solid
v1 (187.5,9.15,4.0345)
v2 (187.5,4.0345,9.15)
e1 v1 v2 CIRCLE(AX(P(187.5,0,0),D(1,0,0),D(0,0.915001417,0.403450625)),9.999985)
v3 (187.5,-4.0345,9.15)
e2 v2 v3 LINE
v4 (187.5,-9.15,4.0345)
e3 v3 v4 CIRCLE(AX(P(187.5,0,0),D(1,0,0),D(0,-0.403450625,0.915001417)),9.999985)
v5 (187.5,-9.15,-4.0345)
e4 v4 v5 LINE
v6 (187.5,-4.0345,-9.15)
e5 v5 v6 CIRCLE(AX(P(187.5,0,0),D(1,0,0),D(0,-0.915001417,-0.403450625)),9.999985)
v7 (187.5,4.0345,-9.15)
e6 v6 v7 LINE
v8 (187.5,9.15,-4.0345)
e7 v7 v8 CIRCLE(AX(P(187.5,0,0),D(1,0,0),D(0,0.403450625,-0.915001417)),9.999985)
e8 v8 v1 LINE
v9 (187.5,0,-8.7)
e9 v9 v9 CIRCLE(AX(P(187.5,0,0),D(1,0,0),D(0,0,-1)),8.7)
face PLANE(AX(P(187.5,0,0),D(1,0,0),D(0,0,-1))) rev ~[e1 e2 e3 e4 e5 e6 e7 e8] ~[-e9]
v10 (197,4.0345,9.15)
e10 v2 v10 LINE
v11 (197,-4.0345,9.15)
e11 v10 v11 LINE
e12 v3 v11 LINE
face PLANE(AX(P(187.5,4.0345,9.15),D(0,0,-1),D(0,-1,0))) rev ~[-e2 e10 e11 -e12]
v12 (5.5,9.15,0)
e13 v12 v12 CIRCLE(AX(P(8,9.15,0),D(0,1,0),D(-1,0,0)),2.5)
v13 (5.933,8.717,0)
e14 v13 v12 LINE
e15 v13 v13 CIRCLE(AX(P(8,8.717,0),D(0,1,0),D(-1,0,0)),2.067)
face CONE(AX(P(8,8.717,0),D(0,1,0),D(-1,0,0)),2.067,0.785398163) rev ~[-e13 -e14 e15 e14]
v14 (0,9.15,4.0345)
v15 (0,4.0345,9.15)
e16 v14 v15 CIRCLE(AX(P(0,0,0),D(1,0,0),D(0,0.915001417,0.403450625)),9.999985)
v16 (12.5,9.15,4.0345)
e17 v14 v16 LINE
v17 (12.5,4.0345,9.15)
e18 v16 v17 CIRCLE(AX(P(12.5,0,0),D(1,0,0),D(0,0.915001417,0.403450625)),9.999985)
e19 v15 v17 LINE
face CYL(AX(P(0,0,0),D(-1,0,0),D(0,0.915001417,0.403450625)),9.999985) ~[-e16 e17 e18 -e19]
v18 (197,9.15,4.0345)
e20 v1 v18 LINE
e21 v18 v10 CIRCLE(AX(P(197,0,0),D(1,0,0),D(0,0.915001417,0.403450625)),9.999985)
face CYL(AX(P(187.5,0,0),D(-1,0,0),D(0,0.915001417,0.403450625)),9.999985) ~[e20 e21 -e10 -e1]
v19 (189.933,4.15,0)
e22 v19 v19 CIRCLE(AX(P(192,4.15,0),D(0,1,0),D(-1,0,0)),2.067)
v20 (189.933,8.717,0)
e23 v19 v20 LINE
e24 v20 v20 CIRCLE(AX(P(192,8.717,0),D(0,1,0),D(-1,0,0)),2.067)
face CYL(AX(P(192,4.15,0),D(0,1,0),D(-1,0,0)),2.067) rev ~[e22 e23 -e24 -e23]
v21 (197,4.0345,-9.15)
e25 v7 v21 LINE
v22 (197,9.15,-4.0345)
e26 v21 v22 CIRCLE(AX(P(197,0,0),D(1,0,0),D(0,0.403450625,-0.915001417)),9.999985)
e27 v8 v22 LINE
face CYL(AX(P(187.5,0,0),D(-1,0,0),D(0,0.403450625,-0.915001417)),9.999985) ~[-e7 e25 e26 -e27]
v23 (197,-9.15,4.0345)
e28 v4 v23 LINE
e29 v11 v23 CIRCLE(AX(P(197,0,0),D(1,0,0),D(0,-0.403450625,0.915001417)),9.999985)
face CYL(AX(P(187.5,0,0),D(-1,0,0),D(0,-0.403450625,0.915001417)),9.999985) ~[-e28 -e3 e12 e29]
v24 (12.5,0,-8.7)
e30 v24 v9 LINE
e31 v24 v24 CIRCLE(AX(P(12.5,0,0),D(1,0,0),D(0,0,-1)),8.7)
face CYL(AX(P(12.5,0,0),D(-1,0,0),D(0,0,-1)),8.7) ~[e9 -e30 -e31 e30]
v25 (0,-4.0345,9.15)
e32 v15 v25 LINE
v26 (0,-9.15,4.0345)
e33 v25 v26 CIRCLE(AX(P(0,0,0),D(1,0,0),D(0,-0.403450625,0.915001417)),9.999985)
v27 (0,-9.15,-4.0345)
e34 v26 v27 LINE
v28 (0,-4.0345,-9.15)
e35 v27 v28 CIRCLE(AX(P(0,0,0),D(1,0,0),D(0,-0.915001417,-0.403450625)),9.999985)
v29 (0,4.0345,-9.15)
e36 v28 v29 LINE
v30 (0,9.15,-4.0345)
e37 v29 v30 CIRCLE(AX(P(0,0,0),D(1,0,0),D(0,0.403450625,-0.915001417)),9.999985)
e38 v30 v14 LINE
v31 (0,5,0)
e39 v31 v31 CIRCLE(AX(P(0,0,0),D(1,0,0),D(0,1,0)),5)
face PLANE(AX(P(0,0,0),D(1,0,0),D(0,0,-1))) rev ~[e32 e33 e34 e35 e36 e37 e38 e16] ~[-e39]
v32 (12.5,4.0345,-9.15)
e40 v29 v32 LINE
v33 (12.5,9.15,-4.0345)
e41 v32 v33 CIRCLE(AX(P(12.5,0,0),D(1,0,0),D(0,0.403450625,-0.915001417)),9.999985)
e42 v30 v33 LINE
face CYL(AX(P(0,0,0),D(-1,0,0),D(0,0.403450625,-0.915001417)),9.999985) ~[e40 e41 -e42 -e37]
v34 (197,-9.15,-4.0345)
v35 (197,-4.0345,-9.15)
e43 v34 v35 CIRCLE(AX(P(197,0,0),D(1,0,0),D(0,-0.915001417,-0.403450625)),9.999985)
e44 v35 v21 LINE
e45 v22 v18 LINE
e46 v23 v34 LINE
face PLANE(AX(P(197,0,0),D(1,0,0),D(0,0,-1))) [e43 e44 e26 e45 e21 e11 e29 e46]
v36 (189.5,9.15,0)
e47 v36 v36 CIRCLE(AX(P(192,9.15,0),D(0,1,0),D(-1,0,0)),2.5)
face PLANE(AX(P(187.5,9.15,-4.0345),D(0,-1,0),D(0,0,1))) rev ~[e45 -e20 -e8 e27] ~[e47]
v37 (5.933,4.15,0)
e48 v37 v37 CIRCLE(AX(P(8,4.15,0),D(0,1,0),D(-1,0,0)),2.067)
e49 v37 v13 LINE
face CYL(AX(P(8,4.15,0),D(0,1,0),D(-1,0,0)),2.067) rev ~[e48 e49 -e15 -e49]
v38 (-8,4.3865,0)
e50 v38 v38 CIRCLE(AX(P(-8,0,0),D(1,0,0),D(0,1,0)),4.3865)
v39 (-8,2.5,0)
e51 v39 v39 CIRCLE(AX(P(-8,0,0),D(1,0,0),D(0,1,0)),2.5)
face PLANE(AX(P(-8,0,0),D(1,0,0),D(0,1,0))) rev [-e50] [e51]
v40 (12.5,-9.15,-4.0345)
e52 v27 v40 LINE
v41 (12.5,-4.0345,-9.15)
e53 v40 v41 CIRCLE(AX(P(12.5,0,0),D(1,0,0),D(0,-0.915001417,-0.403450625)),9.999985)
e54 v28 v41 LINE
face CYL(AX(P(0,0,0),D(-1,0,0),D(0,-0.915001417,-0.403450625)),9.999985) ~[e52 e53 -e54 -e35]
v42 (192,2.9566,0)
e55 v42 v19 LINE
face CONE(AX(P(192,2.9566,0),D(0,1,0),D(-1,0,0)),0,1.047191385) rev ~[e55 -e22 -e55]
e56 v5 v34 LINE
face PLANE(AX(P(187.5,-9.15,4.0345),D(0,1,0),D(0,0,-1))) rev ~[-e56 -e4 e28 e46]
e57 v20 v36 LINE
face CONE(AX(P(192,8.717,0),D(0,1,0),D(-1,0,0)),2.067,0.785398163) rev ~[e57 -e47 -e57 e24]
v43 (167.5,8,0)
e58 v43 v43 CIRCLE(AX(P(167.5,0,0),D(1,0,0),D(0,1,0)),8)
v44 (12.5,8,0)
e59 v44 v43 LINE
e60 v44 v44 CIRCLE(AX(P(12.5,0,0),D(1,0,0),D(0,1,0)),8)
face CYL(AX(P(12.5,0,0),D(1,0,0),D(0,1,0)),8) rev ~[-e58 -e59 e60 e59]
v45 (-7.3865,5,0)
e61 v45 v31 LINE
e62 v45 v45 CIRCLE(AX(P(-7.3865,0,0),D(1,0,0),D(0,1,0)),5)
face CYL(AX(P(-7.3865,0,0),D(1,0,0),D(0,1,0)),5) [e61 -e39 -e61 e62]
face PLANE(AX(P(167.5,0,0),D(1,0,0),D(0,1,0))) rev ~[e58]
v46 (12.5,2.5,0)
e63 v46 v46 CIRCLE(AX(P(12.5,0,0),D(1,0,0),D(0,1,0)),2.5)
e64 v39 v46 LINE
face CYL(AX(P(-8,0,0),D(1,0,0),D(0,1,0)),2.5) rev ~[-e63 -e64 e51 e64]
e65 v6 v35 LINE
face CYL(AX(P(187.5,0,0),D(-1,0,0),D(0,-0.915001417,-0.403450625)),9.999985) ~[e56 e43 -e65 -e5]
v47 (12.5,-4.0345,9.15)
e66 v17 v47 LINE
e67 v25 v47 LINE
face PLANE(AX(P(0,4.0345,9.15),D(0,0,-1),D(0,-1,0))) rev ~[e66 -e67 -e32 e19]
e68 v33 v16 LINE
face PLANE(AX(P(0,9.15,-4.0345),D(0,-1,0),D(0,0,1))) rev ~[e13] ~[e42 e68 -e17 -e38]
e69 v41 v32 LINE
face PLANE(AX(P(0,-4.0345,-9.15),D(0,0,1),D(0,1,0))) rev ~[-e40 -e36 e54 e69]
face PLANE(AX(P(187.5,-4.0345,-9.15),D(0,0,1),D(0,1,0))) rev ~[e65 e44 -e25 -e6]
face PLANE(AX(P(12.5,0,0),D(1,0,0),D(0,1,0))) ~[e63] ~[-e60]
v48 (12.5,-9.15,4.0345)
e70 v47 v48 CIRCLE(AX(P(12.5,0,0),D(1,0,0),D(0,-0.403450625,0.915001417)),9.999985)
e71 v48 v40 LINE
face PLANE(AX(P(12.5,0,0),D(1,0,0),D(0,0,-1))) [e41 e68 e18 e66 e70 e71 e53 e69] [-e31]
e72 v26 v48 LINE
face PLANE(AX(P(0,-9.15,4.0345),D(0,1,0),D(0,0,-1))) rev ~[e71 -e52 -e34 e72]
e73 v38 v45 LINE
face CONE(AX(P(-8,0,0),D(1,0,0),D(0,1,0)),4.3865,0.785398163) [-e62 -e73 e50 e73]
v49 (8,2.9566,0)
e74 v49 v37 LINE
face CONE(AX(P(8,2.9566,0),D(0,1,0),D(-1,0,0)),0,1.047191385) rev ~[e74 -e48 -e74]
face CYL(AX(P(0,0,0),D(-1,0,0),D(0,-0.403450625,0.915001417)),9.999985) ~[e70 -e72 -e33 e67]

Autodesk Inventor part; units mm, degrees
sketch "Sketch_8" plane through (0, 0, 0) normal (0, 0, 1) x (1, 0, 0)
  line L0 (0, 0) -> (-8, 0)
  line L1 (-8, 0) -> (-8, 4.3865)
  line L2 (-8, 4.3865) -> (-7.3865, 5)
  line L3 (-7.3865, 5) -> (0, 5)
  line L4 (0, 5) -> (0, 0)
  line L5 (0, 0) -> (-8, 0)
revolve "Revolution1" add sketch "Sketch_8" angle 360 about axis through (0, 0, 0) along (1, 0, 0)
thread "Thread1" size "M10x1" class "6g" standard "ISO Metric profile" length 5.8865
sketch "Sketch_9" plane through (0, 0, 0) normal (1, 0, 0) x (0, 0, -1)
  line L0 (-9.15, 4.0345) -> (-9.15, -4.0345)
  arc A0 (-9.15, -4.0345) -> (-4.0345, -9.15) centre (0, 0) ccw
  line L1 (-4.0345, -9.15) -> (4.0345, -9.15)
  arc A1 (4.0345, -9.15) -> (9.15, -4.0345) centre (0, 0) ccw
  line L2 (9.15, -4.0345) -> (9.15, 4.0345)
  arc A2 (9.15, 4.0345) -> (4.0345, 9.15) centre (0, 0) ccw
  line L3 (4.0345, 9.15) -> (-4.0345, 9.15)
  arc A3 (-4.0345, 9.15) -> (-9.15, 4.0345) centre (0, 0) ccw
extrude "Extrusion1" add sketch "Sketch_9" along normal blind 12.5
sketch "Sketch_11" plane through (12.5, 0, 0) normal (1, 0, 0) x (0, 0, -1)
  circle A0 centre (0, 0) radius 8.7
extrude "Extrusion2" add sketch "Sketch_11" along normal blind 175
sketch "Sketch_10" plane through (187.5, 0, 0) normal (1, 0, 0) x (0, 0, -1)
  line L0 (-9.15, 4.0345) -> (-9.15, -4.0345)
  arc A0 (-9.15, -4.0345) -> (-4.0345, -9.15) centre (0, 0) ccw
  line L1 (-4.0345, -9.15) -> (4.0345, -9.15)
  arc A1 (4.0345, -9.15) -> (9.15, -4.0345) centre (0, 0) ccw
  line L2 (9.15, -4.0345) -> (9.15, 4.0345)
  arc A2 (9.15, 4.0345) -> (4.0345, 9.15) centre (0, 0) ccw
  line L3 (4.0345, 9.15) -> (-4.0345, 9.15)
  arc A3 (-4.0345, 9.15) -> (-9.15, 4.0345) centre (0, 0) ccw
extrude "Extrusion3" add sketch "Sketch_10" along normal blind 9.5
sketch "Sketch7" plane through (0, 0, 0) normal (0, 0, 1) x (1, 0, 0)
  line L0 (8, 9.15) -> (8, 4.15)
  line L1 (8, 2.9566) -> (5.933, 4.15)
  line L2 (5.933, 4.15) -> (5.933, 8.717)
  line L3 (5.933, 8.717) -> (5.5, 9.15)
  line L4 (5.5, 9.15) -> (8, 9.15)
  line L5 (8, 9.15) -> (8, 2.9566)
revolve "Revolution2" cut sketch "Sketch7" angle 360 about axis through (8, 9.15, 0) along (0, 1, 0)
thread "Thread2" size "M5x0.8" class "6H" standard "ISO Metric profile" full length
sketch "Sketch_7" plane through (0, 0, 0) normal (0, 0, 1) x (1, 0, 0)
  line L0 (192, 9.15) -> (192, 4.15)
  line L1 (192, 2.9566) -> (189.933, 4.15)
  line L2 (189.933, 4.15) -> (189.933, 8.717)
  line L3 (189.933, 8.717) -> (189.5, 9.15)
  line L4 (189.5, 9.15) -> (192, 9.15)
  line L5 (192, 9.15) -> (192, 2.9566)
revolve "Revolution3" cut sketch "Sketch_7" angle 360 about axis through (192, 9.15, 0) along (0, 1, 0)
thread "Thread3" size "M5x0.8" class "6H" standard "ISO Metric profile" full length
sketch "Sketch_16" plane through (0, 0, 0) normal (0, 0, 1) x (1, 0, 0)
  line L0 (167.5, 0) -> (-8, 0)
  line L1 (-8, 0) -> (-8, 2.5)
  line L2 (-8, 2.5) -> (12.5, 2.5)
  line L3 (12.5, 2.5) -> (12.5, 8)
  line L4 (12.5, 8) -> (167.5, 8)
  line L5 (167.5, 8) -> (167.5, 0)
  line L6 (167.5, 0) -> (-8, 0)
revolve "Revolution4" cut sketch "Sketch_16" angle 360 about axis through (167.5, 0, 0) along (1, 0, 0)
ref_plane "BODY_N_XY" through (197, 0, 0) normal (0, 0, -1) x (1, 0, 0)
ref_plane "BODY_N_YZ" through (197, 0, 0) normal (1, 0, 0) x (0, -1, 0)
ref_plane "BODY_N_ZX" through (197, 0, 0) normal (0, -1, 0) x (0, 0, -1)
ref_plane "NUT2_XY" through (197, 0, 0) normal (1, 0, 0) x (0, 0, -1)
ref_plane "NUT2_YZ" through (197, 0, 0) normal (0, 0, -1) x (0, 1, 0)
ref_plane "NUT2_ZX" through (197, 0, 0) normal (0, 1, 0) x (1, 0, 0)
ref_plane "SW1_XY" through (17.5, 0, 0) normal (1, 0, 0) x (0, 0, -1)
ref_plane "SW1_YZ" through (17.5, 0, 0) normal (0, 0, -1) x (0, 1, 0)
ref_plane "SW1_ZX" through (17.5, 0, 0) normal (0, 1, 0) x (1, 0, 0)
ref_plane "SW2_XY" through (182.5, 0, 0) normal (-1, 0, 0) x (0, 0, -1)
ref_plane "SW2_YZ" through (182.5, 0, 0) normal (0, 0, -1) x (0, -1, 0)
ref_plane "SW2_ZX" through (182.5, 0, 0) normal (0, -1, 0) x (-1, 0, 0)
ref_plane "SW_R1_XY" through (17.5, -14.15, 0) normal (1, 0, 0) x (0, 0, -1)
ref_plane "SW_R1_YZ" through (17.5, -14.15, 0) normal (0, 0, -1) x (0, 1, 0)
ref_plane "SW_R1_ZX" through (17.5, -14.15, 0) normal (0, 1, 0) x (1, 0, 0)
ref_plane "SW_R2_XY" through (182.5, -14.15, 0) normal (-1, 0, 0) x (0, 0, -1)
ref_plane "SW_R2_YZ" through (182.5, -14.15, 0) normal (0, 0, -1) x (0, -1, 0)
ref_plane "SW_R2_ZX" through (182.5, -14.15, 0) normal (0, -1, 0) x (-1, 0, 0)
ref_plane "body_XY" through (0, 0, 0) normal (1, 0, 0) x (0, 0, -1)
ref_plane "body_YZ" through (0, 0, 0) normal (0, 0, -1) x (0, 1, 0)
ref_plane "body_ZX" through (0, 0, 0) normal (0, 1, 0) x (1, 0, 0)
properties part number "CJ2B16-150Z(1_0)_BODY"
